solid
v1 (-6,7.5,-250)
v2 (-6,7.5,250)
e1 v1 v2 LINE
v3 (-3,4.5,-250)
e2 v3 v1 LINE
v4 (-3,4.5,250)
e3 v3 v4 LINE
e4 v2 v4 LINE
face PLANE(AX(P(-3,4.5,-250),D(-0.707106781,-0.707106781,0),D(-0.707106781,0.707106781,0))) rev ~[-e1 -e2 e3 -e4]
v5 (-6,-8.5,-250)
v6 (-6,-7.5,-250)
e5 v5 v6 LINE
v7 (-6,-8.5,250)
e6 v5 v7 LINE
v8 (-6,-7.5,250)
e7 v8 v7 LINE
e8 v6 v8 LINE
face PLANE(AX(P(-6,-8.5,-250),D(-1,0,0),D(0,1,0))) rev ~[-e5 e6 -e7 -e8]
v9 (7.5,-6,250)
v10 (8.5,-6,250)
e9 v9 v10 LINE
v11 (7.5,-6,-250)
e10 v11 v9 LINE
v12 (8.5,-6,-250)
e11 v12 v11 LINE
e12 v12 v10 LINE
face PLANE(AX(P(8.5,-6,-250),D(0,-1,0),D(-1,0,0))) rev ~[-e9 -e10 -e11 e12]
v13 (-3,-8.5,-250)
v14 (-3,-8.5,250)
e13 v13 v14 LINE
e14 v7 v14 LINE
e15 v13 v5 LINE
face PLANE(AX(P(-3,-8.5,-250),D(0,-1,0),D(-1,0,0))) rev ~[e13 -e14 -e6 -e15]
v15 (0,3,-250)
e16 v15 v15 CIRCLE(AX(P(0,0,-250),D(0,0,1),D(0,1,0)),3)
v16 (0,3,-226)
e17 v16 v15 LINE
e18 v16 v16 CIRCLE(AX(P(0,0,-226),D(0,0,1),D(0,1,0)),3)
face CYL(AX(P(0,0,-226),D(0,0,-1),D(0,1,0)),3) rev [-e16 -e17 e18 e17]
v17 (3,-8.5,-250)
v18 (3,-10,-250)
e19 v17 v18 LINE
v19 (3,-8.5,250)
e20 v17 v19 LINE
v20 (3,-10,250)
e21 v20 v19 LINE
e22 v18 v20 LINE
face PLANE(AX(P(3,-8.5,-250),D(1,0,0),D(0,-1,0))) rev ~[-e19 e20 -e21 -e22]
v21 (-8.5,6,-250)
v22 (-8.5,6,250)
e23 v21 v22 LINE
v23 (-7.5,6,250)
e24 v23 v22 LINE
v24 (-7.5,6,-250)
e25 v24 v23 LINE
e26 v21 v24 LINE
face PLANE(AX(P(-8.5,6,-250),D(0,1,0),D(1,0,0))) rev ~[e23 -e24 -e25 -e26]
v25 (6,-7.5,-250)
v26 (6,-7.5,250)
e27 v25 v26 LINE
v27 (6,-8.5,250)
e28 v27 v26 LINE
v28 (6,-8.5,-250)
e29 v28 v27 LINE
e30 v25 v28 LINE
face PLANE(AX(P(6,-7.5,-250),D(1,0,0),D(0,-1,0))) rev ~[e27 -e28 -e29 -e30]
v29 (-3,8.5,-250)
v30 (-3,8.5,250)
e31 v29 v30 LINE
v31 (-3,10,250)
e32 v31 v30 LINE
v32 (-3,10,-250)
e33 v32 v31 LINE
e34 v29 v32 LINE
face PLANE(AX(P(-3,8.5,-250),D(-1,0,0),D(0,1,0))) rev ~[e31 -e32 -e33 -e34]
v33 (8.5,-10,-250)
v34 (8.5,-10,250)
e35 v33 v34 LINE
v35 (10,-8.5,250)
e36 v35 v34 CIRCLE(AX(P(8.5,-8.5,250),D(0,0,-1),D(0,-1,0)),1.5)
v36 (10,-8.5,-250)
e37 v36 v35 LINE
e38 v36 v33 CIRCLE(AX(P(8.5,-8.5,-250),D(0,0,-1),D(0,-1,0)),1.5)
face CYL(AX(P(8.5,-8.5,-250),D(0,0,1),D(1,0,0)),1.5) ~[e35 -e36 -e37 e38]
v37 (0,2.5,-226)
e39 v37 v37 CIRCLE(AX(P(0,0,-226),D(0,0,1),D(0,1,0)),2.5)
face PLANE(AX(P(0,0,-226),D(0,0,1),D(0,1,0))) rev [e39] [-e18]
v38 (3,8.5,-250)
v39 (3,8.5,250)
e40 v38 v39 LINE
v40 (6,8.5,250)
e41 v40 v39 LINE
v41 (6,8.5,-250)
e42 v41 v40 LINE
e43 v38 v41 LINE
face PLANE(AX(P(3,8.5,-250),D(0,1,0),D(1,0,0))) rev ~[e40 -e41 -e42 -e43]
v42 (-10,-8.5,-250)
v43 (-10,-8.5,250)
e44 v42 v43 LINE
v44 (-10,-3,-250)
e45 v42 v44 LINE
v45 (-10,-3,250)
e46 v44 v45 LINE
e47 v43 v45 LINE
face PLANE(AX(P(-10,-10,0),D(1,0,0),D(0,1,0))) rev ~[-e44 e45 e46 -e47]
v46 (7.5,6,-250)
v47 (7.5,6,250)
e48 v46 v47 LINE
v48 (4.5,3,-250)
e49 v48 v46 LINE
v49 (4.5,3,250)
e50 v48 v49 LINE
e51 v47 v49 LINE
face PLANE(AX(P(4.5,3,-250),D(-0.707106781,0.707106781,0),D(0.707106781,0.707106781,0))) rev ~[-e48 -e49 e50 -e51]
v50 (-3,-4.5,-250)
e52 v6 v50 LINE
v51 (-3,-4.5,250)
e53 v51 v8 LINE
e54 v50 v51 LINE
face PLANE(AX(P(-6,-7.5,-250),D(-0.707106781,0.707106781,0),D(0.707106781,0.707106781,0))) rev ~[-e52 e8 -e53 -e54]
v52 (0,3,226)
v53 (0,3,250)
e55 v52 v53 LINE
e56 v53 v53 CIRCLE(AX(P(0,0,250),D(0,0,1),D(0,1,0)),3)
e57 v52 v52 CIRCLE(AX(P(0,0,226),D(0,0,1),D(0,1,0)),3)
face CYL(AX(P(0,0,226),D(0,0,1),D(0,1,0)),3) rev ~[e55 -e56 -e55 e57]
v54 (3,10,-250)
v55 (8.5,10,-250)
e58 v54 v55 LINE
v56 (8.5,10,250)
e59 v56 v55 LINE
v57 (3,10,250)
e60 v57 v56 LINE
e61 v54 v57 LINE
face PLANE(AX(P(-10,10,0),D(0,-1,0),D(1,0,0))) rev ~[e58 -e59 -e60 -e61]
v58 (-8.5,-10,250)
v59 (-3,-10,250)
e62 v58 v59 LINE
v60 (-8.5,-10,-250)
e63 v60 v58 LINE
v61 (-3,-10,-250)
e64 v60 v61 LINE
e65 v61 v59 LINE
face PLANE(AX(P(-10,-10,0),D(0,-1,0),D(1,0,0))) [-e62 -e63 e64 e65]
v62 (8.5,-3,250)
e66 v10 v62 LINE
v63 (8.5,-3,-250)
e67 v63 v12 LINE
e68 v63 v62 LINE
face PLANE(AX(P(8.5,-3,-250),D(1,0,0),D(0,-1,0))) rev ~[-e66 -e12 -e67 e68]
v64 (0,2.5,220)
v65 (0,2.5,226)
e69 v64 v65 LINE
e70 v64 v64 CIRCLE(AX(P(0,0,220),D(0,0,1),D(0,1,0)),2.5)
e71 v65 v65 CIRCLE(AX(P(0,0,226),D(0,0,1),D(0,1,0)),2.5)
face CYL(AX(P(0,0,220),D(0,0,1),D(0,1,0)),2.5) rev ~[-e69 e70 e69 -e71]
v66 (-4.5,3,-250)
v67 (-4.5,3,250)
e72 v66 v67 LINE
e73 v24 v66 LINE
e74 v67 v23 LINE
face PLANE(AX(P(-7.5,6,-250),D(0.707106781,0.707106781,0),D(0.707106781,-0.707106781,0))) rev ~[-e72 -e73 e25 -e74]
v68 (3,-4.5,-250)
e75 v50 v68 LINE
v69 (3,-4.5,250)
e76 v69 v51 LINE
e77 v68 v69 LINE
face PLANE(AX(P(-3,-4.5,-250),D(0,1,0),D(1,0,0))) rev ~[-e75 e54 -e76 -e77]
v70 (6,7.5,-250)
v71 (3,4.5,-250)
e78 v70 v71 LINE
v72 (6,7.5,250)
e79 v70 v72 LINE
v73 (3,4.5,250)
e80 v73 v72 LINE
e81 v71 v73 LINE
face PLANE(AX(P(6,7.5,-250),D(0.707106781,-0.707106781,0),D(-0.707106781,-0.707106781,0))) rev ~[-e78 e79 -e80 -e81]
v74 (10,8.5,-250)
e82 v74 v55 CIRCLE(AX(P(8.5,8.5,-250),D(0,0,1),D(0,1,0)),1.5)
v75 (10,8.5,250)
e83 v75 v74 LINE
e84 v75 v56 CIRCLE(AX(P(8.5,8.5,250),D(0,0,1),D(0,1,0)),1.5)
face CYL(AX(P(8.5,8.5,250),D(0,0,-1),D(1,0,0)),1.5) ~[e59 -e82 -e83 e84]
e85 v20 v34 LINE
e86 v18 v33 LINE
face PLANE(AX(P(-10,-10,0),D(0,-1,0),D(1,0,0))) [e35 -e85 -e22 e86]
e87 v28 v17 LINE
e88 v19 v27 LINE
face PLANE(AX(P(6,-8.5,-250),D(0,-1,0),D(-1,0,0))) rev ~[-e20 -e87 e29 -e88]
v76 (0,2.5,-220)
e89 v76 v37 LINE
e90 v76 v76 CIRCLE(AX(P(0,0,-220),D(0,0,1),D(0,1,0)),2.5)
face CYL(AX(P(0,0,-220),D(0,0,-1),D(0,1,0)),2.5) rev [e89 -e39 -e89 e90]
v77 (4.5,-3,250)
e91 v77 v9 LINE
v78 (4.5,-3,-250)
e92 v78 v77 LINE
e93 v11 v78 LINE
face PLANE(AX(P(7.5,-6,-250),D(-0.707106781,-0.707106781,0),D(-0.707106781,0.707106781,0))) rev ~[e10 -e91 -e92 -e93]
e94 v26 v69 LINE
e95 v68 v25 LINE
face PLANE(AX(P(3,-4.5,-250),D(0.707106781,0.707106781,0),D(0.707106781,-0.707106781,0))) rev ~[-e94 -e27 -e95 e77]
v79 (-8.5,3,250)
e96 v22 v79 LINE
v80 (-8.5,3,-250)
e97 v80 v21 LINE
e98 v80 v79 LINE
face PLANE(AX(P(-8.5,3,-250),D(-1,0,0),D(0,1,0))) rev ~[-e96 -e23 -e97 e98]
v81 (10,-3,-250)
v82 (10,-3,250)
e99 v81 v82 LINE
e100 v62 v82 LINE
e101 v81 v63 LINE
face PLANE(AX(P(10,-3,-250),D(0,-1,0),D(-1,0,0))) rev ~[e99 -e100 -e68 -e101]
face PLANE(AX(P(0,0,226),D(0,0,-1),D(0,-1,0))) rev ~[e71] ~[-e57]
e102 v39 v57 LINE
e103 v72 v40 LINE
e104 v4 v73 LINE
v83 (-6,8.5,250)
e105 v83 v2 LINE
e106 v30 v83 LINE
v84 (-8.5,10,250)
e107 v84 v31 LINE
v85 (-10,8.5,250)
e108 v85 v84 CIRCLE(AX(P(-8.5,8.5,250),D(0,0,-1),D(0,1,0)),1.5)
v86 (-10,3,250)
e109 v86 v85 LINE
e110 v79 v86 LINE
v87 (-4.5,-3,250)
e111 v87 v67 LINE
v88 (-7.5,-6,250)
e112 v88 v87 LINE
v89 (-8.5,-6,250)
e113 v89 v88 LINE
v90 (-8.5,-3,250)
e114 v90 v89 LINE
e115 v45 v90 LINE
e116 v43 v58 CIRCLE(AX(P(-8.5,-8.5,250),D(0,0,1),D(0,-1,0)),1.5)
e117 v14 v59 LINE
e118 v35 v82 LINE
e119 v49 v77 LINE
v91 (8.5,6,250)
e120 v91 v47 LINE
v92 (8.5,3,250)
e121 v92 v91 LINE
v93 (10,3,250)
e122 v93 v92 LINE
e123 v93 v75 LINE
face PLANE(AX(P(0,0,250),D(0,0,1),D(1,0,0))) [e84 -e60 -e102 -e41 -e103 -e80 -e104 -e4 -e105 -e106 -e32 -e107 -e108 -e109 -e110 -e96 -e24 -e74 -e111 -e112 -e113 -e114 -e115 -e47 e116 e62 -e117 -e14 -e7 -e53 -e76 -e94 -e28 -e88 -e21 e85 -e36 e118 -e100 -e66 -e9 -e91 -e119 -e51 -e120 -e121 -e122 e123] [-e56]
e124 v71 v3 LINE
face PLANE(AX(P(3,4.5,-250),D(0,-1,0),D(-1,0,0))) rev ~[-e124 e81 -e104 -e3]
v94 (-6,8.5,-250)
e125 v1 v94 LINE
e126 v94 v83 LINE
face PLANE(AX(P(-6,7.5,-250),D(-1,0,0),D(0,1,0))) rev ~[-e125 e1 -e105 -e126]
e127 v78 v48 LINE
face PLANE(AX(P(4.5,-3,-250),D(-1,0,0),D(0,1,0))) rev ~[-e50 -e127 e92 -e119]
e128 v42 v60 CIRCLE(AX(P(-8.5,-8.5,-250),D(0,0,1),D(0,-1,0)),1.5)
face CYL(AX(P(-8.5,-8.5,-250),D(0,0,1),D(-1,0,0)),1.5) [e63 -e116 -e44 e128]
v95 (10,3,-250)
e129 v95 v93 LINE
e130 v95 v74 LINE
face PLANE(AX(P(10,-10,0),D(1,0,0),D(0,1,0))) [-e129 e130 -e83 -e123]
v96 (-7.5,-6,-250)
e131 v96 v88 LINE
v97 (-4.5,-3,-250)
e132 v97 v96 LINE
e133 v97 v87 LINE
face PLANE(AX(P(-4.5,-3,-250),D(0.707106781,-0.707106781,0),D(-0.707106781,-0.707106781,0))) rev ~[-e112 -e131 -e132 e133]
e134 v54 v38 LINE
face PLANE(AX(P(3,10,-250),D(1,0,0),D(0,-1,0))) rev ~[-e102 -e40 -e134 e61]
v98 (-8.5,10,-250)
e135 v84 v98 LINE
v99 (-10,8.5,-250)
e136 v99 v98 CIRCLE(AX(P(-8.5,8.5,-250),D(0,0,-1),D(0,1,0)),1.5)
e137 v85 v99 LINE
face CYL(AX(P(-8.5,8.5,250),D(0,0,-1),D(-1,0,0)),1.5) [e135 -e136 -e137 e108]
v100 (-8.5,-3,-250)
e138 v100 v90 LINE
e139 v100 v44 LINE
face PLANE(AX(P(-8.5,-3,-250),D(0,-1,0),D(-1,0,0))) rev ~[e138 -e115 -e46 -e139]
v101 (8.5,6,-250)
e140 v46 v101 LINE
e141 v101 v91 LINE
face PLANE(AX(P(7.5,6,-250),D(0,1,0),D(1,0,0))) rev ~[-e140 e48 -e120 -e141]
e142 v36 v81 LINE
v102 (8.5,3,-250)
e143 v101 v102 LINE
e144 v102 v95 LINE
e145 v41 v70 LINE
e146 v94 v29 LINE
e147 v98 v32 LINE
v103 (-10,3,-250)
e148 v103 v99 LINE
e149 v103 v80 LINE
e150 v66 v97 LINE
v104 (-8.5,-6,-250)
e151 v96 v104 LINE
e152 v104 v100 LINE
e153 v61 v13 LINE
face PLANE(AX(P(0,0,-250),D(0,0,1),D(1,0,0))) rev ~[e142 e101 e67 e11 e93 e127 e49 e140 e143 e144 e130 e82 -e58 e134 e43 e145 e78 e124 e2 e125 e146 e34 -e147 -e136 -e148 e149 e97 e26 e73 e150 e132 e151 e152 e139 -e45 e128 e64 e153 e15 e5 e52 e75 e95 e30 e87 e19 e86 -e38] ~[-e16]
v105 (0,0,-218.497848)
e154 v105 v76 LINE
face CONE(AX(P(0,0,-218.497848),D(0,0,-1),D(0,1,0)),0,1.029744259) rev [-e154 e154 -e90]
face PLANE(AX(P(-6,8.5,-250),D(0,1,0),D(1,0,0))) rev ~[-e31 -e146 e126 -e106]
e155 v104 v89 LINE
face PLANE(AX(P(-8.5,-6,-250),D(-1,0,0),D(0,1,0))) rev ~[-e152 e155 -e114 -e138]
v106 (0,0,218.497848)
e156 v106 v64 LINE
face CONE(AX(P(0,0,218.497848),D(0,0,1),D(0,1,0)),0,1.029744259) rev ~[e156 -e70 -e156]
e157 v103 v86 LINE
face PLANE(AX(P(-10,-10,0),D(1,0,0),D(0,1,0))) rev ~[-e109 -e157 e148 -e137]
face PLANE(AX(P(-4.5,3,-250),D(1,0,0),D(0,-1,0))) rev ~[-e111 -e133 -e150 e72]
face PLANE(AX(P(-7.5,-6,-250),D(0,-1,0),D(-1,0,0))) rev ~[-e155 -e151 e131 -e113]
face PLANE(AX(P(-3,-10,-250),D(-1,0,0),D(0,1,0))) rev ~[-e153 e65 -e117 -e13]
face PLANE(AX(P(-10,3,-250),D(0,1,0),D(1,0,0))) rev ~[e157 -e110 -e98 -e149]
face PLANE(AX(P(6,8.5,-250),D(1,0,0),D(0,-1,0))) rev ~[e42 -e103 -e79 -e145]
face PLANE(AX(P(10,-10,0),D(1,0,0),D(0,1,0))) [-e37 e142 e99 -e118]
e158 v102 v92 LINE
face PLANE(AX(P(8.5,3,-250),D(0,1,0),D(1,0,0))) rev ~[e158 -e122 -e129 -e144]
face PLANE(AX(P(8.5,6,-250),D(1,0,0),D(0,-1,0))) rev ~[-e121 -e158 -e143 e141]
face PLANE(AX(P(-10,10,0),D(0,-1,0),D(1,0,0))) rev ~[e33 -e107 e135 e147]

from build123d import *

# Parameters (mm, degrees)
ESQUISSE1_W                  = 20
ESQUISSE1_H                  = 20
EXTRUSION1_DEPTH             = 250
CONG_1_R                     = 1.5
ENL_V_MAT_EXTRU_1_DEPTH      = 501.199960016
R_P_TITION_CIRCULAIRE1_COUNT = 4


with BuildPart() as part:
    # Esquisse1 → Extrusion1 (new, symmetric)
    with BuildSketch(Plane.XY):
        Rectangle(ESQUISSE1_W, ESQUISSE1_H)
    extrude(amount=EXTRUSION1_DEPTH, both=True)

    # Congé1
    cong_1_edges = [part.edges().sort_by_distance(p)[0] for p in [
        (-10, -10, 0),
        (10, -10, 0),
        (-10, 10, 0),
        (10, 10, 0),
    ]]
    fillet(cong_1_edges, radius=CONG_1_R)

    # Esquisse2 → Enlèv. mat.-Extru.1 (cut, through all)
    with BuildSketch(Plane(origin=(0, 0, -250), x_dir=(-1, 0, 0), z_dir=(0, 0, -1))):
        Polygon((-10, 3), (-10, -3), (-8.5, -3), (-8.5, -6), (-7.5, -6), (-4.5, -3), (-4.5, 3), (-7.5, 6), (-8.5, 6), (-8.5, 3), align=None)
    enl_v_mat_extru_1 = extrude(amount=-ENL_V_MAT_EXTRU_1_DEPTH, mode=Mode.SUBTRACT)

    # Répétition circulaire1: Enlèv. mat.-Extru.1 ×4 about axis
    r_p_tition_circulaire1_axis = Axis((0, 0, 9.333809512), (0, 0, -1))
    for i in range(1, R_P_TITION_CIRCULAIRE1_COUNT):
        add(enl_v_mat_extru_1.rotate(r_p_tition_circulaire1_axis, i * 360 / R_P_TITION_CIRCULAIRE1_COUNT), mode=Mode.SUBTRACT)

    # Esquisse5 → Trou taraudé M6x1.01 (revolve, cut)
    with BuildSketch(Plane(origin=(0, 0, -250), x_dir=(0, 1, 0), z_dir=(1, 0, 0))):
        Polygon((0, 0), (0, 31.502151548), (2.5, 30), (2.5, 24), (3, 24), (3, 0), align=None)
    trou_taraud_m6x1_01 = revolve(axis=Axis((0, 0, -256.35), (0, 0, 1)), mode=Mode.SUBTRACT)

    # Symétrie1: Trou taraudé M6x1.01 across plane
    add(trou_taraud_m6x1_01.mirror(Plane.XY), mode=Mode.SUBTRACT)


solid = part.part
